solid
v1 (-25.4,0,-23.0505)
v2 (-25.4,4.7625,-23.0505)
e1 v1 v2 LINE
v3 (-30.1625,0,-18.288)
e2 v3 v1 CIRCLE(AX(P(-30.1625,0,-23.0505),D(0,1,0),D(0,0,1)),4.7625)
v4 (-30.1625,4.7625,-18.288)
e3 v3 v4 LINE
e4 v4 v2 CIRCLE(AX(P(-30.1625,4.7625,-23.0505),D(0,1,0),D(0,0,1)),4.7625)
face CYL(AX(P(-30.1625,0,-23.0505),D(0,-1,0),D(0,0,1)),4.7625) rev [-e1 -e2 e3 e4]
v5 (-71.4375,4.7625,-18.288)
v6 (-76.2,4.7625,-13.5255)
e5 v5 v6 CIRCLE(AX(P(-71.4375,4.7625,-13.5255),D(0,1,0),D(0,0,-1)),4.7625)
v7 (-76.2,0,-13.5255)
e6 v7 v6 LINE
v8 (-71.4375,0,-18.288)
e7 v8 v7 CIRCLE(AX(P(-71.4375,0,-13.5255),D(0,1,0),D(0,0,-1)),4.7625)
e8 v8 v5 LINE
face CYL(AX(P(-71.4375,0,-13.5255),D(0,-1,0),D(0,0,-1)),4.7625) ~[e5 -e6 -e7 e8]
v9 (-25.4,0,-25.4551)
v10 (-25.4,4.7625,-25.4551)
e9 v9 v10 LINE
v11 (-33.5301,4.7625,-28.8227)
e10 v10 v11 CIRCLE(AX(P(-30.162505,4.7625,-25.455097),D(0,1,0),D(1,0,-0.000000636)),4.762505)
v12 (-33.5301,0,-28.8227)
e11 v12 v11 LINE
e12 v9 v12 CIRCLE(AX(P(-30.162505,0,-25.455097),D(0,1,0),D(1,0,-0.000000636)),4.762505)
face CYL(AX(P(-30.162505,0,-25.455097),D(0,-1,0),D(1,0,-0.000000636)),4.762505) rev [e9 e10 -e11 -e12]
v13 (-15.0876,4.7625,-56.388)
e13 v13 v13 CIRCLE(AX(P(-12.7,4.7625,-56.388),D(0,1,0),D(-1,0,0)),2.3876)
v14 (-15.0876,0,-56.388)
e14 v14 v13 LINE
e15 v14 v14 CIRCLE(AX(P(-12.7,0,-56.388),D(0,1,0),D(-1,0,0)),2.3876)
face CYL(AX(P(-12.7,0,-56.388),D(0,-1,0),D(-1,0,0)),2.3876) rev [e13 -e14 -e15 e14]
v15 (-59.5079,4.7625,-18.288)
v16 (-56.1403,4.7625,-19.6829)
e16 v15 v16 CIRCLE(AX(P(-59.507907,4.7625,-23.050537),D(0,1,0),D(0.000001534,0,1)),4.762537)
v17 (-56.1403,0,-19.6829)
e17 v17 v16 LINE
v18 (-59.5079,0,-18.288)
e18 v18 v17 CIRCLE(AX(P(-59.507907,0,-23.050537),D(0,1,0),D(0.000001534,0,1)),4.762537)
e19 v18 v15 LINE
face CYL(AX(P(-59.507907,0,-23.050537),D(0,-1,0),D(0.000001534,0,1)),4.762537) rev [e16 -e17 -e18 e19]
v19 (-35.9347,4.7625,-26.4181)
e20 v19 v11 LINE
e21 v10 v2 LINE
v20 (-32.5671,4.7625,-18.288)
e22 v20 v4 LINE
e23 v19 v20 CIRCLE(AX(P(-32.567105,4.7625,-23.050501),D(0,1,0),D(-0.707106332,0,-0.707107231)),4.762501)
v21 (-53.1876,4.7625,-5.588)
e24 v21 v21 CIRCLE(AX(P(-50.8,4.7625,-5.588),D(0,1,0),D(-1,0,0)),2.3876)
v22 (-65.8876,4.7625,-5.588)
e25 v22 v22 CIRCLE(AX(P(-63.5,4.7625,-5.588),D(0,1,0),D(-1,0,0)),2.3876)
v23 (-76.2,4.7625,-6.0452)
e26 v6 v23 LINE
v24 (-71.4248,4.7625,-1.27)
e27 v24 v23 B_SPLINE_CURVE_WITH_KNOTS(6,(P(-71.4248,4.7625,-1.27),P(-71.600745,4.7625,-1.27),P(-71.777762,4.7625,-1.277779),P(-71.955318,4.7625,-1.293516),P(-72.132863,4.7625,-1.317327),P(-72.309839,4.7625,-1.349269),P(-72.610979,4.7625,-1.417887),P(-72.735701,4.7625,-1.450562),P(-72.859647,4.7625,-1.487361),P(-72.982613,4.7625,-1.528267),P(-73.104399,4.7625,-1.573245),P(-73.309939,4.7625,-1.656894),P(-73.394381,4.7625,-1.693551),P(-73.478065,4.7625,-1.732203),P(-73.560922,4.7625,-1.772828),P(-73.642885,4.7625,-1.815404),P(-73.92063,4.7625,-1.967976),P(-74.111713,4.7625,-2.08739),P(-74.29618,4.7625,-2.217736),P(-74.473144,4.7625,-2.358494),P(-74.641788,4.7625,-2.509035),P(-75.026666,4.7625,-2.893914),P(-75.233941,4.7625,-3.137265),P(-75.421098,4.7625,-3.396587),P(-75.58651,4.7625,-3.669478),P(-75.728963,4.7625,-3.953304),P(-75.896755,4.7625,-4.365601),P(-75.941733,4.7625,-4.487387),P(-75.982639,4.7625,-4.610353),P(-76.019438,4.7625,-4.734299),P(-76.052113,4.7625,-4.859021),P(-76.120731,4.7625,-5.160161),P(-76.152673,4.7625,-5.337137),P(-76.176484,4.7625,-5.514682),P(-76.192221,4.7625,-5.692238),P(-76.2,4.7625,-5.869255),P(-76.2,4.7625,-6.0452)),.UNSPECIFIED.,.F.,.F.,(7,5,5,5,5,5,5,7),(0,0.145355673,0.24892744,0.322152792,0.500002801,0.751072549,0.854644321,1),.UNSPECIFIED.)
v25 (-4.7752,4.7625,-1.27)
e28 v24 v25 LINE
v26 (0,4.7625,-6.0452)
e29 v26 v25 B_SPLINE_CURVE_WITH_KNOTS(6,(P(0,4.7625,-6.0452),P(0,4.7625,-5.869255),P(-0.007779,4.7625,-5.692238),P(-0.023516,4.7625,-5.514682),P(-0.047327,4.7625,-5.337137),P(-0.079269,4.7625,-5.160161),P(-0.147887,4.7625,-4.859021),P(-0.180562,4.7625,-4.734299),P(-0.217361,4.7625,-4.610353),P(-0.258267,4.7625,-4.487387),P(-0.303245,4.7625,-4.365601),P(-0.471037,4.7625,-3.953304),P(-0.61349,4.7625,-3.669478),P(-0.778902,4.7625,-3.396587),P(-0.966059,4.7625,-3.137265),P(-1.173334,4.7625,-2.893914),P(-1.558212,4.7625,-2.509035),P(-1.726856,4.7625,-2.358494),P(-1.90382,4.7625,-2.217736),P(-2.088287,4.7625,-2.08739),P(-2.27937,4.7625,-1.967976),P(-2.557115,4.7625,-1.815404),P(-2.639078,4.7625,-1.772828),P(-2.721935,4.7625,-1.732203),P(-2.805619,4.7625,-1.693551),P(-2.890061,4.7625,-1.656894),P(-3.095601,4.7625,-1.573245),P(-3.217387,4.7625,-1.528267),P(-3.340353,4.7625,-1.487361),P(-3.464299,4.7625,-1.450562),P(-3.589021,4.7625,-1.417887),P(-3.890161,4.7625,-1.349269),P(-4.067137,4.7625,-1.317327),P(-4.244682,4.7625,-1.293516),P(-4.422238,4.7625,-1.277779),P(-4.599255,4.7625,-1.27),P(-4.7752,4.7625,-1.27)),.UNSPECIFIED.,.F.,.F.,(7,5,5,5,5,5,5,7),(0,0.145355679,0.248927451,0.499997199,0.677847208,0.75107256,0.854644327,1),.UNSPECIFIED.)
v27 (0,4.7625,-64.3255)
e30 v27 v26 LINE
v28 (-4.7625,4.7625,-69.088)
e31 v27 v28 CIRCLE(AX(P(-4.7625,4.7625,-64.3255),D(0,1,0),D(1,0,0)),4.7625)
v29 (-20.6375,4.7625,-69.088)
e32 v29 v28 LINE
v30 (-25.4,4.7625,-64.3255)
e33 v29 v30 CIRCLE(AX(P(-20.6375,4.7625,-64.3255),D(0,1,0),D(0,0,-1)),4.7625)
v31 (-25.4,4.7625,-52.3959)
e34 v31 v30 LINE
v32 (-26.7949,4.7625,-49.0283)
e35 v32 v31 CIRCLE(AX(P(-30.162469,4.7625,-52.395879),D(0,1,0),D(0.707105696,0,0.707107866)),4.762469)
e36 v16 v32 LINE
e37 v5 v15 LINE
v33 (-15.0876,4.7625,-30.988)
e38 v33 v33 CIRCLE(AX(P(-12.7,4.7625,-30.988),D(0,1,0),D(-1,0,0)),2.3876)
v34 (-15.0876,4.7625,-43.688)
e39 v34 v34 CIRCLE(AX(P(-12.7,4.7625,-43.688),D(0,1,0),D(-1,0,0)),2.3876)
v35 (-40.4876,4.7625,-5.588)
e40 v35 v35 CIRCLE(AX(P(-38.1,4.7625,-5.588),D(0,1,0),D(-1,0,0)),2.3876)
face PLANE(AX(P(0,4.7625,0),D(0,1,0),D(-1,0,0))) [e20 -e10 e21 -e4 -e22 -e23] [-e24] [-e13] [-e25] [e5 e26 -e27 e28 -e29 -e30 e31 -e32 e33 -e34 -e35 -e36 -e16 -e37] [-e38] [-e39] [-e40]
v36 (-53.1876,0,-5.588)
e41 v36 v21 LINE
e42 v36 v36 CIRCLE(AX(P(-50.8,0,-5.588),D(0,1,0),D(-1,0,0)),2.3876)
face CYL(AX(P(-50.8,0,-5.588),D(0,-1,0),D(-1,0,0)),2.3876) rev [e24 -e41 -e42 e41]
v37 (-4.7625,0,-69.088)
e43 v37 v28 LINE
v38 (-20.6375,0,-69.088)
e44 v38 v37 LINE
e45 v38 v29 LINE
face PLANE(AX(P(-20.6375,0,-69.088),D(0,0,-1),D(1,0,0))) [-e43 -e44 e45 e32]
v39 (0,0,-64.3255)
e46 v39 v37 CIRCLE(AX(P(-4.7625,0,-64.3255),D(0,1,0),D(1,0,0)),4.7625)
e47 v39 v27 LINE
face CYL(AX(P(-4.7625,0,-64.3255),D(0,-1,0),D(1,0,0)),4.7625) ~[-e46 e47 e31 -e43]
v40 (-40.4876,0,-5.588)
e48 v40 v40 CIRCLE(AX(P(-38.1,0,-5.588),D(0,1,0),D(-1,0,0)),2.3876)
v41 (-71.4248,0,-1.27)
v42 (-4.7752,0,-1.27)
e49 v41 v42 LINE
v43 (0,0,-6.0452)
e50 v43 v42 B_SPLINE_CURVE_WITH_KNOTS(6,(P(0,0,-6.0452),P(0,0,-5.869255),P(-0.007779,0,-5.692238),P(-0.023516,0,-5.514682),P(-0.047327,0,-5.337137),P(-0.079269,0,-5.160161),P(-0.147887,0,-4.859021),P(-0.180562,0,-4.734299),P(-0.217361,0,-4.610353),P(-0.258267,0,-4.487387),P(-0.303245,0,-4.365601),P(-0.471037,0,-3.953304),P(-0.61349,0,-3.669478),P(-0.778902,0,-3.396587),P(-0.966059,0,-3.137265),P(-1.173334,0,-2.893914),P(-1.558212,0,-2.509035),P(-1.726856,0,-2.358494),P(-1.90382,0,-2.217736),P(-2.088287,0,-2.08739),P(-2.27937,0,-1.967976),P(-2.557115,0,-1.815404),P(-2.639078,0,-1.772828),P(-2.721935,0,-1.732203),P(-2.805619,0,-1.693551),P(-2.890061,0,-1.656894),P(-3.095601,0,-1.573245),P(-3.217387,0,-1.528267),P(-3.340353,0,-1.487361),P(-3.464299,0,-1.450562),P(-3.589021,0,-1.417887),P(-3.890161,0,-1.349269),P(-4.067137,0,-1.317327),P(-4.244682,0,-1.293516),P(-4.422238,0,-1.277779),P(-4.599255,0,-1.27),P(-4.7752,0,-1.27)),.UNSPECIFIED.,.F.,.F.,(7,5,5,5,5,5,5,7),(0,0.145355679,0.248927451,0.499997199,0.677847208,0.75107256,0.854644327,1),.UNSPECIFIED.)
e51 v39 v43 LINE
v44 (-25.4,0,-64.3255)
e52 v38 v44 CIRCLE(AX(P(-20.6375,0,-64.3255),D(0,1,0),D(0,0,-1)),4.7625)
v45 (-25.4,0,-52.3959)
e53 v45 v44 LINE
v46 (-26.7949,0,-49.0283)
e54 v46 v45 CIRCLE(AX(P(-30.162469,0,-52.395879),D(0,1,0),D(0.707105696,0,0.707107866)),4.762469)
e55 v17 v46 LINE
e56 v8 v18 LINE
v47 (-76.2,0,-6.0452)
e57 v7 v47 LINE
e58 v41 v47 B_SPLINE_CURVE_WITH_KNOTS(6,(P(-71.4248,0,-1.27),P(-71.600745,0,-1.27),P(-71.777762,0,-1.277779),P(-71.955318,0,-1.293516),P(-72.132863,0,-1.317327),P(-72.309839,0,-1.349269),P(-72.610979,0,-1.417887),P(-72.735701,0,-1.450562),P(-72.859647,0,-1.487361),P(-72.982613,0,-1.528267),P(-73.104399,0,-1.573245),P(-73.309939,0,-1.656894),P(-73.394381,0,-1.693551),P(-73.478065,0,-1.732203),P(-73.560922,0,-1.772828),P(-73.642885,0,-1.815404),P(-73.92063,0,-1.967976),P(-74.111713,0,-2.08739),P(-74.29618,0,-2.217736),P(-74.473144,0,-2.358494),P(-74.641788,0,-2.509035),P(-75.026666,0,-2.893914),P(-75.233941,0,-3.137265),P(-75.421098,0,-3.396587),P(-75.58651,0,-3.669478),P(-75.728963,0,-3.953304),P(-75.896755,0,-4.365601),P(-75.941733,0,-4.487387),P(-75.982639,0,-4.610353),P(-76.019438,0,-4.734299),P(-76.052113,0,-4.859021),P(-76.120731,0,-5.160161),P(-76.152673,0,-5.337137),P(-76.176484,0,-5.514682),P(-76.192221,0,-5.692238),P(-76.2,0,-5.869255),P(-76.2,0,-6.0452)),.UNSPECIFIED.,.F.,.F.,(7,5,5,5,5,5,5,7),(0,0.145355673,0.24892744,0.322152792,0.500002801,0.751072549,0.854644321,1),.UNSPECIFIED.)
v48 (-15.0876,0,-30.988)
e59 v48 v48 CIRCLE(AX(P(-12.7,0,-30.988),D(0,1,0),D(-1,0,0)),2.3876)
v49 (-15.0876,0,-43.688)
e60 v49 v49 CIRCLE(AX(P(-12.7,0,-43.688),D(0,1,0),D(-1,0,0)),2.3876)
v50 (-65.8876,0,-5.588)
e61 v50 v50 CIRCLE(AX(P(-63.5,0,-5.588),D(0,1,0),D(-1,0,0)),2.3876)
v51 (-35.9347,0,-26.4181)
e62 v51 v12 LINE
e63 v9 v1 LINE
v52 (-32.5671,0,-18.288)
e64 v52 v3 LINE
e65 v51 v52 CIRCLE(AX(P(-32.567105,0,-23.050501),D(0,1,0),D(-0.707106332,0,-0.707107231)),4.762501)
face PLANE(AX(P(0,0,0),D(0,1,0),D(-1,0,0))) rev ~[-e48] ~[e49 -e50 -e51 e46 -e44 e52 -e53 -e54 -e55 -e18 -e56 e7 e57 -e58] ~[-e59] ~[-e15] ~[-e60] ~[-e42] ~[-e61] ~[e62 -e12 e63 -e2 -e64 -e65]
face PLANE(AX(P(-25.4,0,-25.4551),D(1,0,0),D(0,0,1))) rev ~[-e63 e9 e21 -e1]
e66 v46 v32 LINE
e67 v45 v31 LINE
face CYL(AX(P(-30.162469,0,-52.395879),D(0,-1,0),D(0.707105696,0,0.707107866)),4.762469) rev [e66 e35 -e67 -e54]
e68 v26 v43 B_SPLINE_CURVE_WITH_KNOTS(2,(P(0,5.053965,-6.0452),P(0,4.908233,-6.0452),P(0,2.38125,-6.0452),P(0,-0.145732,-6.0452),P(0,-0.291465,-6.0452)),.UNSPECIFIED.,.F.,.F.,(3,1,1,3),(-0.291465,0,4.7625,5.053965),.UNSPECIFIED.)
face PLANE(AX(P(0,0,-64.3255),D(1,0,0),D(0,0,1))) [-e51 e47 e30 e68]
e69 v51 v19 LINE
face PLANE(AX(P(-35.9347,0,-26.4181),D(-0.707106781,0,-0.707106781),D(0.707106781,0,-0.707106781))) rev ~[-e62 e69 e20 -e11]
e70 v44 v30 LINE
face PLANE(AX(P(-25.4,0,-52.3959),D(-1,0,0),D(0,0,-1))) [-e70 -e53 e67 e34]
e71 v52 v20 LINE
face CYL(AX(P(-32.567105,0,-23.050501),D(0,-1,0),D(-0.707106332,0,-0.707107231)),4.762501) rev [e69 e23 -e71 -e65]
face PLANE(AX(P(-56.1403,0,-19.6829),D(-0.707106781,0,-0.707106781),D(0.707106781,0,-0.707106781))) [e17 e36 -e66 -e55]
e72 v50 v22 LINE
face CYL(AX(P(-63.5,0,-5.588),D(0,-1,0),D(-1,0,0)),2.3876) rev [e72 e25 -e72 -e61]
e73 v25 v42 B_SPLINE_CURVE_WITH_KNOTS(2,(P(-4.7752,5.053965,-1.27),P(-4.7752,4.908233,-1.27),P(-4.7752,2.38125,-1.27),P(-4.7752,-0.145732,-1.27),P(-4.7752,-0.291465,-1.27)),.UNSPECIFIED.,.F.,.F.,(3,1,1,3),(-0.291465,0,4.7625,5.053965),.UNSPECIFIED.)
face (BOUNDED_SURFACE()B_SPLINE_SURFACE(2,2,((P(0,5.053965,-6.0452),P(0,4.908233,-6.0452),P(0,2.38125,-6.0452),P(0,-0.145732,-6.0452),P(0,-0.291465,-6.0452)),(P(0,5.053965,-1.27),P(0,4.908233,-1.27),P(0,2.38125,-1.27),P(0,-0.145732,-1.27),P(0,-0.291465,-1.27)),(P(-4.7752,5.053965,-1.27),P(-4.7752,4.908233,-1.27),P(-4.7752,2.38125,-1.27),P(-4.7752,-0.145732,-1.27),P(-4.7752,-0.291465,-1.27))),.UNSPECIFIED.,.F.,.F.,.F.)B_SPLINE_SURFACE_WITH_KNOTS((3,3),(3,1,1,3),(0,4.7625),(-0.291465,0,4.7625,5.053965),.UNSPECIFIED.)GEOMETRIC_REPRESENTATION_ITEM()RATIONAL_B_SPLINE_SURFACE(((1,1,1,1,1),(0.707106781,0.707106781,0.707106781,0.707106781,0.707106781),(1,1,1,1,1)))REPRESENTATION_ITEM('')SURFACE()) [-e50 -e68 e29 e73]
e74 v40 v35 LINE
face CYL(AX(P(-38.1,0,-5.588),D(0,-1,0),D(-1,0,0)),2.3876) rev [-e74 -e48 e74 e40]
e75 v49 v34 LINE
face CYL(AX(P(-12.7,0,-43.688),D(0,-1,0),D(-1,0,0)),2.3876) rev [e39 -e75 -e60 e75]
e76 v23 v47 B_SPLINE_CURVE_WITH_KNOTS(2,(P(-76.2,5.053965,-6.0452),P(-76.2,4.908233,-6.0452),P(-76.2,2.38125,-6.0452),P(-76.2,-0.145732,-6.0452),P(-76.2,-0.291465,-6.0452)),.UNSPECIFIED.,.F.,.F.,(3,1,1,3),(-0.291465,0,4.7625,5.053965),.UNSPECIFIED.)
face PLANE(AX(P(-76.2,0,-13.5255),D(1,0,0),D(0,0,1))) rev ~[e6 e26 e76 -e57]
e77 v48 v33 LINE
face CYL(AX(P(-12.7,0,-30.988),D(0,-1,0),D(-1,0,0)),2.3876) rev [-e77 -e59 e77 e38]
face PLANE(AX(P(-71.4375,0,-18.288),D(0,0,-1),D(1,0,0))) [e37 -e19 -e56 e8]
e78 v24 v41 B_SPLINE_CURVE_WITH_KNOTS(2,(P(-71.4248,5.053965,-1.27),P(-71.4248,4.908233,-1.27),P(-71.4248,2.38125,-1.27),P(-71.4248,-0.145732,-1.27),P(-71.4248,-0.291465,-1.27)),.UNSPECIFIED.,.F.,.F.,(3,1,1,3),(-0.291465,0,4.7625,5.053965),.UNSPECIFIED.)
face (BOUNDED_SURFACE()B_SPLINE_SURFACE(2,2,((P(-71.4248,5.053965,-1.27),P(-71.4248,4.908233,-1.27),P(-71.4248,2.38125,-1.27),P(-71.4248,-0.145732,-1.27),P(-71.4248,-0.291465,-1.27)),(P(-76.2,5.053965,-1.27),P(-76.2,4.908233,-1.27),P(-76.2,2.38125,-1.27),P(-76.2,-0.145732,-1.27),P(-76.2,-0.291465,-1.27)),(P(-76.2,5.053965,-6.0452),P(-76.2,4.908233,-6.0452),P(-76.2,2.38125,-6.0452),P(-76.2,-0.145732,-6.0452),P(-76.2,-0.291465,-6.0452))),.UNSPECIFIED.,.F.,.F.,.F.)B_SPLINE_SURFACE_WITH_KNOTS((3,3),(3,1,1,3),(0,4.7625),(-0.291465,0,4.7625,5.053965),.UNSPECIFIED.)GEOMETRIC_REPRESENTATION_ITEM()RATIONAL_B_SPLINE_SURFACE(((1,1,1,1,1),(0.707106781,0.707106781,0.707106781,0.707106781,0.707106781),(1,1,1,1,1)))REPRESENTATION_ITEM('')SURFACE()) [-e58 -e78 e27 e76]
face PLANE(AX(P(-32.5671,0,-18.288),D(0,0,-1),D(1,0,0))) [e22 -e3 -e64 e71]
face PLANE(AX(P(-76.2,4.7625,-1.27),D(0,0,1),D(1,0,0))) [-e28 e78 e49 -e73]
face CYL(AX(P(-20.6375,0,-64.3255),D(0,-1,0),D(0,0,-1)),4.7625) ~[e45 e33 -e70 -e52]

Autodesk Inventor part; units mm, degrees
ref_plane "YZ Plane" through (0, 0, 0) normal (1, 0, 0) x (0, 1, 0)
ref_plane "XZ Plane" through (0, 0, 0) normal (0, 1, 0) x (-1, 0, 0)
ref_plane "XY Plane" through (0, 0, 0) normal (0, 0, 1) x (1, 0, 0)
sketch "Sketch1" plane through (0, 0, 0) normal (0, 1, 0) x (-1, 0, 0)
  line L0 (0, 7.112) -> (15.875, 7.112) construction
  line L1 (20.6375, -69.088) -> (4.7625, -69.088)
  line L2 (0, -64.3255) -> (0, -4.7625)
  line L3 (30.1625, -18.288) -> (76.2, -18.288) construction
  line L4 (76.2, -13.5255) -> (76.2, -4.7625)
  line L5 (71.4375, 0) -> (4.7625, 0)
  line L6 (25.4, -69.088) -> (25.4, -23.0505) construction
  arc A0 (30.1625, -18.288) -> (25.4, -23.0505) centre (30.1625, -23.0505) ccw construction
  arc A1 (0, -64.3255) -> (4.7625, -69.088) centre (4.7625, -64.3255) ccw
  arc A2 (76.2, -4.7625) -> (71.4375, 0) centre (71.4375, -4.7625) ccw
  arc A3 (4.7625, 0) -> (0, -4.7625) centre (4.7625, -4.7625) ccw
  circle A4 centre (12.7, -30.988) radius 2.3876
  circle A5 centre (12.7, -43.688) radius 2.3876
  circle A6 centre (12.7, -56.388) radius 2.3876
  circle A7 centre (63.5, -5.588) radius 2.3876
  circle A8 centre (50.8, -5.588) radius 2.3876
  circle A9 centre (38.1, -5.588) radius 2.3876
  line L7 (76.2, -5.588) -> (0, -5.588) construction
  line L8 (12.7, 0) -> (12.7, -69.088) construction
  line L9 (61.8117, -7.2763) -> (14.3883, -54.6997) construction
  line L10 (56.1403, -19.6829) -> (26.7949, -49.0283)
  line L11 (71.4375, -18.288) -> (59.5079, -18.288)
  line L12 (25.4, -52.3959) -> (25.4, -64.3255)
  arc A10 (71.4375, -18.288) -> (76.2, -13.5255) centre (71.4375, -13.5255) ccw
  arc A11 (20.6375, -69.088) -> (25.4, -64.3255) centre (20.6375, -64.3255) ccw
  arc A12 (59.5079, -18.288) -> (56.1403, -19.6829) centre (59.5079, -23.0505) ccw
  arc A13 (26.7949, -49.0283) -> (25.4, -52.3959) centre (30.1625, -52.3959) ccw
  line L13 (35.9347, -26.4181) -> (33.5301, -28.8227)
  line L14 (25.4, -25.4551) -> (25.4, -23.0505)
  line L15 (32.5671, -18.288) -> (30.1625, -18.288)
  arc A14 (30.1625, -18.288) -> (25.4, -23.0505) centre (30.1625, -23.0505) ccw
  arc A15 (35.9347, -26.4181) -> (32.5671, -18.288) centre (32.5671, -23.0505) ccw
  arc A16 (25.4, -25.4551) -> (33.5301, -28.8227) centre (30.1625, -25.4551) ccw
  point P0 (0, 0)
  point P1 (0, -69.088)
  point P2 (38.1, -5.588)
  point P3 (57.5352, -18.288)
  point P4 (25.4, -50.4232)
  point P5 (44.0648, -18.288)
  point P6 (25.4, -36.9528)
  dimension "d0" = 76.2
  dimension "d1" = 25.4
  dimension "d2" = 4.7625
  dimension "d3" = 4.7752
  dimension "d4" = 12.7
  dimension "d5" = 12.7
  dimension "d6" = 12.7
  dimension "d7" = 12.7
  dimension "d8" = 66.675
  dimension "d9" = 25.4
  dimension "d10" = 38.1
  dimension "d11" = 18.288
  dimension "d12" = 38.1
  dimension "d13" = 12.7
  dimension "d14" = 12.7
  dimension "d15" = 4.7625
  dimension "d16" = 4.7625
  dimension "d17" = 4.7625
  dimension "d18" = 4.7625
extrude "Extrusion1" add sketch "Sketch1" along normal blind 4.7625
thread "Thread1" size "10-32 UNF" class "2B" standard "ANSI Unified Screw Threads" full length
thread "Thread2" size "10-32 UNF" class "2B" standard "ANSI Unified Screw Threads" full length
thread "Thread3" size "10-32 UNF" class "2B" standard "ANSI Unified Screw Threads" full length
thread "Thread4" size "10-32 UNF" class "2B" standard "ANSI Unified Screw Threads" full length
thread "Thread5" size "10-32 UNF" class "2B" standard "ANSI Unified Screw Threads" full length
thread "Thread6" size "10-32 UNF" class "2B" standard "ANSI Unified Screw Threads" full length
sketch "Sketch2" plane through (0, 4.7625, 0) normal (0, 1, 0) x (1, 0, 0)
  line L0 (-71.4375, 0) -> (-4.7625, 0) projected
  line L1 (-76.2, 1.27) -> (0, 1.27)
  line L2 (-76.2, 13.5255) -> (-76.2, 4.7625) projected
  line L3 (0, 4.7625) -> (0, 64.3255) projected
  arc A0 (-4.7625, 0) -> (0, 4.7625) centre (-4.7625, 4.7625) ccw projected
  line L4 (-4.7625, 0) -> (0, 0)
  line L5 (0, 0) -> (0, 1.27)
  line L6 (-76.2, 1.27) -> (-76.2, 0)
  line L7 (-76.2, 0) -> (-71.4375, 0)
  point P0 (-1.5246, 1.27)
  dimension "d33" = 1.27
extrude "Extrusion2" cut sketch "Sketch2" against normal through all contours L7 L6 L1 A0 L0
fillet "Fillet1" radius 4.7752 2 edges at (-74.6754, 2.3813, -1.27) (-1.5246, 2.3813, -1.27)
properties part number "ELEV_006_SUPBRK1_THRD" material "Aluminum 6061"
